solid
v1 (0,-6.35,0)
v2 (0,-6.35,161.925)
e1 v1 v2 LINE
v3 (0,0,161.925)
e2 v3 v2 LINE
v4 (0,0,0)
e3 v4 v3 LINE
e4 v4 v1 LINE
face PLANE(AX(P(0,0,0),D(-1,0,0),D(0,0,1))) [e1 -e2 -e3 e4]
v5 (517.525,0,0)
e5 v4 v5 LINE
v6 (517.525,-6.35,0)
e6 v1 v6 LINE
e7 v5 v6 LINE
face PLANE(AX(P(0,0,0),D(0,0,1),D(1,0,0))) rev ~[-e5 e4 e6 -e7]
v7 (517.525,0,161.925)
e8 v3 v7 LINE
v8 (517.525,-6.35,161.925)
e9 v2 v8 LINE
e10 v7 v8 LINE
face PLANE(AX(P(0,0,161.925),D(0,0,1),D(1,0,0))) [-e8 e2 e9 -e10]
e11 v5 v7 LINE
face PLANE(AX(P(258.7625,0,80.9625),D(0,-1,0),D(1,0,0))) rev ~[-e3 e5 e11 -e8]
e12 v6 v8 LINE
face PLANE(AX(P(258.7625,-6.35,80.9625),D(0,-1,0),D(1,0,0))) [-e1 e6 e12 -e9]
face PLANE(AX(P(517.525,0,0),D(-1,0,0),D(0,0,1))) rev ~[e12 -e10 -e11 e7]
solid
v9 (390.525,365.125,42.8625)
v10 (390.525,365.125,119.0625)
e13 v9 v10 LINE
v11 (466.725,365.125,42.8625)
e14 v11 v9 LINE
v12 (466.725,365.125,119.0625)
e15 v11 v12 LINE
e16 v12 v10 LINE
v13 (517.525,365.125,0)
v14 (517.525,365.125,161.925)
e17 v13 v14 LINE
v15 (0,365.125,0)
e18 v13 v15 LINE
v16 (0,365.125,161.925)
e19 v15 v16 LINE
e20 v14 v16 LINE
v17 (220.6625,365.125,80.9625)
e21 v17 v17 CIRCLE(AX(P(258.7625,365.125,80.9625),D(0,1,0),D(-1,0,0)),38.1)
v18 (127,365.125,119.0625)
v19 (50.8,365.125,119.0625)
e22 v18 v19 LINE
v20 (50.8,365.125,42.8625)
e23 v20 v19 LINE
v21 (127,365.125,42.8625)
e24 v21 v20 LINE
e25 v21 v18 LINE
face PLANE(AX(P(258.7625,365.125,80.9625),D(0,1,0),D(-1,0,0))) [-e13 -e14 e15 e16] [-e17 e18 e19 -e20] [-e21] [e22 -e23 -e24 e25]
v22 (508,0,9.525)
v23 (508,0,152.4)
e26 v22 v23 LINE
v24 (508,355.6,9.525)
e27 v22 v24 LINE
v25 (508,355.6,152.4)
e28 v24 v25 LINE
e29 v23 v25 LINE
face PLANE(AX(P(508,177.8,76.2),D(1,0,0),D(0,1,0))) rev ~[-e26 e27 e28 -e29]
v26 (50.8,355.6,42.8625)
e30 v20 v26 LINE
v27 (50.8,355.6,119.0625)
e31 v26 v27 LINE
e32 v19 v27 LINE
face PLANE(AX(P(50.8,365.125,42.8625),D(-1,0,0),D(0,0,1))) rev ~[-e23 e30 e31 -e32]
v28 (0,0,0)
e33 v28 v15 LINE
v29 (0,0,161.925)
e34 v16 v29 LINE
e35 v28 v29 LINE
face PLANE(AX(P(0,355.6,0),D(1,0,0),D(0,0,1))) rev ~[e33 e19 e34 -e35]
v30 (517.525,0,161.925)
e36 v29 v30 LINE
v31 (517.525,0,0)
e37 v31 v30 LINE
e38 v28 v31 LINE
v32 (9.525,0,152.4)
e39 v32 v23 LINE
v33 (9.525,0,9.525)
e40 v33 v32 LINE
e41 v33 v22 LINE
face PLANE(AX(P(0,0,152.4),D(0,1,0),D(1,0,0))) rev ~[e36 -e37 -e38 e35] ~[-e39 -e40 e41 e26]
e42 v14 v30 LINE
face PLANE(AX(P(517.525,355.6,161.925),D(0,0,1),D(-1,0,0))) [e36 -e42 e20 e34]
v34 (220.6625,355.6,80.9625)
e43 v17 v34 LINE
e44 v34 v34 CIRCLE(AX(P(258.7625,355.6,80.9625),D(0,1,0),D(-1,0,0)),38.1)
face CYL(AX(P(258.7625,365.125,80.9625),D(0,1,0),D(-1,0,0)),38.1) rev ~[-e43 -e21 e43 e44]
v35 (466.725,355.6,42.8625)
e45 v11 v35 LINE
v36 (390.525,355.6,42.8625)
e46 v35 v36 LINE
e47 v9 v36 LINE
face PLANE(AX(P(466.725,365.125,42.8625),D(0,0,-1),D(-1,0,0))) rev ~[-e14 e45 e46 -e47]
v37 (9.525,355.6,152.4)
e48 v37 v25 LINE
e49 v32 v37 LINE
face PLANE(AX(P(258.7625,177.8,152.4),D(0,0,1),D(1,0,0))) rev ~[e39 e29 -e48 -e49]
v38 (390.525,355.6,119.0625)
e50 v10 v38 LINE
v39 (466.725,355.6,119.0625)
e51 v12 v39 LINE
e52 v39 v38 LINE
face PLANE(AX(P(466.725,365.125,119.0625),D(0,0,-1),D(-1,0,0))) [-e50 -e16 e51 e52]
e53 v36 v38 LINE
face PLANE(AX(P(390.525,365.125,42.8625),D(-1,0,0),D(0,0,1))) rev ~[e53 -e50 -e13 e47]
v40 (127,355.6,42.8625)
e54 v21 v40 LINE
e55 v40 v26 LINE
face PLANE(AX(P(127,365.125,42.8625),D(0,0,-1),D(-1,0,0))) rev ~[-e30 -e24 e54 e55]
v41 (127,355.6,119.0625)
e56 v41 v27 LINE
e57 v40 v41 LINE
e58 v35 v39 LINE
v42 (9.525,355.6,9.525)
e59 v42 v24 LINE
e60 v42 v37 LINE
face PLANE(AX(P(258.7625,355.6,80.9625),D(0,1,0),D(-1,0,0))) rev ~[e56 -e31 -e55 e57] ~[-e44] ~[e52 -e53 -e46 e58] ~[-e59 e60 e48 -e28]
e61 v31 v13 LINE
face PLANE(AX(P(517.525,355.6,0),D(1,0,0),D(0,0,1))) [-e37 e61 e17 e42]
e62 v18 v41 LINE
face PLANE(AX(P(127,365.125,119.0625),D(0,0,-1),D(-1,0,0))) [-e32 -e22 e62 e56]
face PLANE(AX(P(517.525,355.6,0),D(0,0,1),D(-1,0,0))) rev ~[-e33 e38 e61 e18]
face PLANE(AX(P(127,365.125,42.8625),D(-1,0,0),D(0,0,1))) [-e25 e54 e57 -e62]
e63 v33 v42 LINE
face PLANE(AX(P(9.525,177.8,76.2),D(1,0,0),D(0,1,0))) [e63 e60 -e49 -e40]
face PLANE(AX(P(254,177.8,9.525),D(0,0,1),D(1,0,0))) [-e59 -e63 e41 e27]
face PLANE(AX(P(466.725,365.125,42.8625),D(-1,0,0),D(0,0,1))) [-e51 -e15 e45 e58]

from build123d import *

# Parameters (mm, degrees)
F0_W      = 508
F0_H      = 355.6
F1_DEPTH  = 9.525
F2_W      = 355.6
F2_H      = 152.4
F3_DEPTH  = 9.525
F4_W      = 355.6
F4_H      = 152.4
F5_DEPTH  = 9.525
F6_W      = 517.525
F6_H      = 355.6
F7_DEPTH  = 9.525
F8_W      = 517.525
F8_H      = 161.925
F9_DEPTH  = 9.525
F10_W     = 517.525
F10_H     = 161.925
F11_DEPTH = 6.35
F12_W     = 76.2
F12_H     = 76.2
F12_R     = 38.1
F13_DEPTH = 25.4


with BuildPart() as f1:
    # F0 (on Top) → F1 (new body)
    with BuildSketch(Plane.XY):
        with Locations((254, 177.8)):
            Rectangle(F0_W, F0_H)
    extrude(amount=F1_DEPTH)

    # F2 (on face) → F3 (join)
    with BuildSketch(Plane.YZ.offset(508)):
        with Locations((177.8, 76.2)):
            Rectangle(F2_W, F2_H)
    extrude(amount=F3_DEPTH)

    # F4 (on Right) → F5 (join)
    with BuildSketch(Plane.YZ):
        with Locations((177.8, 76.2)):
            Rectangle(F4_W, F4_H)
    extrude(amount=F5_DEPTH)

    # F6 (on face) → F7 (join)
    with BuildSketch(Plane.XY.offset(152.4)):
        with Locations((258.7625, 177.8)):
            Rectangle(F6_W, F6_H)
    extrude(amount=F7_DEPTH)

    # F8 (on face) → F9 (join)
    with BuildSketch(Plane(origin=(0, 355.6, 0), x_dir=(-1, 0, 0), z_dir=(0, 1, 0))):
        with Locations((-258.7625, 80.9625)):
            Rectangle(F8_W, F8_H)
    extrude(amount=F9_DEPTH)

    # F12 (on face) → F13 (cut)
    with BuildSketch(Plane(origin=(0, 365.125, 0), x_dir=(-1, 0, 0), z_dir=(0, 1, 0))):
        with Locations((-428.625, 80.9625)):
            Rectangle(F12_W, F12_H)
        with Locations((-88.9, 80.9625)):
            Rectangle(F12_W, F12_H)
        with Locations((-258.7625, 80.9625)):
            Circle(F12_R)
    extrude(amount=-F13_DEPTH, mode=Mode.SUBTRACT)


with BuildPart() as f11:
    # F10 (on face) → F11 (new body)
    with BuildSketch(Plane.XZ):
        with Locations((258.7625, 80.9625)):
            Rectangle(F10_W, F10_H)
    extrude(amount=F11_DEPTH)


solid = Compound([f1.part, f11.part])
